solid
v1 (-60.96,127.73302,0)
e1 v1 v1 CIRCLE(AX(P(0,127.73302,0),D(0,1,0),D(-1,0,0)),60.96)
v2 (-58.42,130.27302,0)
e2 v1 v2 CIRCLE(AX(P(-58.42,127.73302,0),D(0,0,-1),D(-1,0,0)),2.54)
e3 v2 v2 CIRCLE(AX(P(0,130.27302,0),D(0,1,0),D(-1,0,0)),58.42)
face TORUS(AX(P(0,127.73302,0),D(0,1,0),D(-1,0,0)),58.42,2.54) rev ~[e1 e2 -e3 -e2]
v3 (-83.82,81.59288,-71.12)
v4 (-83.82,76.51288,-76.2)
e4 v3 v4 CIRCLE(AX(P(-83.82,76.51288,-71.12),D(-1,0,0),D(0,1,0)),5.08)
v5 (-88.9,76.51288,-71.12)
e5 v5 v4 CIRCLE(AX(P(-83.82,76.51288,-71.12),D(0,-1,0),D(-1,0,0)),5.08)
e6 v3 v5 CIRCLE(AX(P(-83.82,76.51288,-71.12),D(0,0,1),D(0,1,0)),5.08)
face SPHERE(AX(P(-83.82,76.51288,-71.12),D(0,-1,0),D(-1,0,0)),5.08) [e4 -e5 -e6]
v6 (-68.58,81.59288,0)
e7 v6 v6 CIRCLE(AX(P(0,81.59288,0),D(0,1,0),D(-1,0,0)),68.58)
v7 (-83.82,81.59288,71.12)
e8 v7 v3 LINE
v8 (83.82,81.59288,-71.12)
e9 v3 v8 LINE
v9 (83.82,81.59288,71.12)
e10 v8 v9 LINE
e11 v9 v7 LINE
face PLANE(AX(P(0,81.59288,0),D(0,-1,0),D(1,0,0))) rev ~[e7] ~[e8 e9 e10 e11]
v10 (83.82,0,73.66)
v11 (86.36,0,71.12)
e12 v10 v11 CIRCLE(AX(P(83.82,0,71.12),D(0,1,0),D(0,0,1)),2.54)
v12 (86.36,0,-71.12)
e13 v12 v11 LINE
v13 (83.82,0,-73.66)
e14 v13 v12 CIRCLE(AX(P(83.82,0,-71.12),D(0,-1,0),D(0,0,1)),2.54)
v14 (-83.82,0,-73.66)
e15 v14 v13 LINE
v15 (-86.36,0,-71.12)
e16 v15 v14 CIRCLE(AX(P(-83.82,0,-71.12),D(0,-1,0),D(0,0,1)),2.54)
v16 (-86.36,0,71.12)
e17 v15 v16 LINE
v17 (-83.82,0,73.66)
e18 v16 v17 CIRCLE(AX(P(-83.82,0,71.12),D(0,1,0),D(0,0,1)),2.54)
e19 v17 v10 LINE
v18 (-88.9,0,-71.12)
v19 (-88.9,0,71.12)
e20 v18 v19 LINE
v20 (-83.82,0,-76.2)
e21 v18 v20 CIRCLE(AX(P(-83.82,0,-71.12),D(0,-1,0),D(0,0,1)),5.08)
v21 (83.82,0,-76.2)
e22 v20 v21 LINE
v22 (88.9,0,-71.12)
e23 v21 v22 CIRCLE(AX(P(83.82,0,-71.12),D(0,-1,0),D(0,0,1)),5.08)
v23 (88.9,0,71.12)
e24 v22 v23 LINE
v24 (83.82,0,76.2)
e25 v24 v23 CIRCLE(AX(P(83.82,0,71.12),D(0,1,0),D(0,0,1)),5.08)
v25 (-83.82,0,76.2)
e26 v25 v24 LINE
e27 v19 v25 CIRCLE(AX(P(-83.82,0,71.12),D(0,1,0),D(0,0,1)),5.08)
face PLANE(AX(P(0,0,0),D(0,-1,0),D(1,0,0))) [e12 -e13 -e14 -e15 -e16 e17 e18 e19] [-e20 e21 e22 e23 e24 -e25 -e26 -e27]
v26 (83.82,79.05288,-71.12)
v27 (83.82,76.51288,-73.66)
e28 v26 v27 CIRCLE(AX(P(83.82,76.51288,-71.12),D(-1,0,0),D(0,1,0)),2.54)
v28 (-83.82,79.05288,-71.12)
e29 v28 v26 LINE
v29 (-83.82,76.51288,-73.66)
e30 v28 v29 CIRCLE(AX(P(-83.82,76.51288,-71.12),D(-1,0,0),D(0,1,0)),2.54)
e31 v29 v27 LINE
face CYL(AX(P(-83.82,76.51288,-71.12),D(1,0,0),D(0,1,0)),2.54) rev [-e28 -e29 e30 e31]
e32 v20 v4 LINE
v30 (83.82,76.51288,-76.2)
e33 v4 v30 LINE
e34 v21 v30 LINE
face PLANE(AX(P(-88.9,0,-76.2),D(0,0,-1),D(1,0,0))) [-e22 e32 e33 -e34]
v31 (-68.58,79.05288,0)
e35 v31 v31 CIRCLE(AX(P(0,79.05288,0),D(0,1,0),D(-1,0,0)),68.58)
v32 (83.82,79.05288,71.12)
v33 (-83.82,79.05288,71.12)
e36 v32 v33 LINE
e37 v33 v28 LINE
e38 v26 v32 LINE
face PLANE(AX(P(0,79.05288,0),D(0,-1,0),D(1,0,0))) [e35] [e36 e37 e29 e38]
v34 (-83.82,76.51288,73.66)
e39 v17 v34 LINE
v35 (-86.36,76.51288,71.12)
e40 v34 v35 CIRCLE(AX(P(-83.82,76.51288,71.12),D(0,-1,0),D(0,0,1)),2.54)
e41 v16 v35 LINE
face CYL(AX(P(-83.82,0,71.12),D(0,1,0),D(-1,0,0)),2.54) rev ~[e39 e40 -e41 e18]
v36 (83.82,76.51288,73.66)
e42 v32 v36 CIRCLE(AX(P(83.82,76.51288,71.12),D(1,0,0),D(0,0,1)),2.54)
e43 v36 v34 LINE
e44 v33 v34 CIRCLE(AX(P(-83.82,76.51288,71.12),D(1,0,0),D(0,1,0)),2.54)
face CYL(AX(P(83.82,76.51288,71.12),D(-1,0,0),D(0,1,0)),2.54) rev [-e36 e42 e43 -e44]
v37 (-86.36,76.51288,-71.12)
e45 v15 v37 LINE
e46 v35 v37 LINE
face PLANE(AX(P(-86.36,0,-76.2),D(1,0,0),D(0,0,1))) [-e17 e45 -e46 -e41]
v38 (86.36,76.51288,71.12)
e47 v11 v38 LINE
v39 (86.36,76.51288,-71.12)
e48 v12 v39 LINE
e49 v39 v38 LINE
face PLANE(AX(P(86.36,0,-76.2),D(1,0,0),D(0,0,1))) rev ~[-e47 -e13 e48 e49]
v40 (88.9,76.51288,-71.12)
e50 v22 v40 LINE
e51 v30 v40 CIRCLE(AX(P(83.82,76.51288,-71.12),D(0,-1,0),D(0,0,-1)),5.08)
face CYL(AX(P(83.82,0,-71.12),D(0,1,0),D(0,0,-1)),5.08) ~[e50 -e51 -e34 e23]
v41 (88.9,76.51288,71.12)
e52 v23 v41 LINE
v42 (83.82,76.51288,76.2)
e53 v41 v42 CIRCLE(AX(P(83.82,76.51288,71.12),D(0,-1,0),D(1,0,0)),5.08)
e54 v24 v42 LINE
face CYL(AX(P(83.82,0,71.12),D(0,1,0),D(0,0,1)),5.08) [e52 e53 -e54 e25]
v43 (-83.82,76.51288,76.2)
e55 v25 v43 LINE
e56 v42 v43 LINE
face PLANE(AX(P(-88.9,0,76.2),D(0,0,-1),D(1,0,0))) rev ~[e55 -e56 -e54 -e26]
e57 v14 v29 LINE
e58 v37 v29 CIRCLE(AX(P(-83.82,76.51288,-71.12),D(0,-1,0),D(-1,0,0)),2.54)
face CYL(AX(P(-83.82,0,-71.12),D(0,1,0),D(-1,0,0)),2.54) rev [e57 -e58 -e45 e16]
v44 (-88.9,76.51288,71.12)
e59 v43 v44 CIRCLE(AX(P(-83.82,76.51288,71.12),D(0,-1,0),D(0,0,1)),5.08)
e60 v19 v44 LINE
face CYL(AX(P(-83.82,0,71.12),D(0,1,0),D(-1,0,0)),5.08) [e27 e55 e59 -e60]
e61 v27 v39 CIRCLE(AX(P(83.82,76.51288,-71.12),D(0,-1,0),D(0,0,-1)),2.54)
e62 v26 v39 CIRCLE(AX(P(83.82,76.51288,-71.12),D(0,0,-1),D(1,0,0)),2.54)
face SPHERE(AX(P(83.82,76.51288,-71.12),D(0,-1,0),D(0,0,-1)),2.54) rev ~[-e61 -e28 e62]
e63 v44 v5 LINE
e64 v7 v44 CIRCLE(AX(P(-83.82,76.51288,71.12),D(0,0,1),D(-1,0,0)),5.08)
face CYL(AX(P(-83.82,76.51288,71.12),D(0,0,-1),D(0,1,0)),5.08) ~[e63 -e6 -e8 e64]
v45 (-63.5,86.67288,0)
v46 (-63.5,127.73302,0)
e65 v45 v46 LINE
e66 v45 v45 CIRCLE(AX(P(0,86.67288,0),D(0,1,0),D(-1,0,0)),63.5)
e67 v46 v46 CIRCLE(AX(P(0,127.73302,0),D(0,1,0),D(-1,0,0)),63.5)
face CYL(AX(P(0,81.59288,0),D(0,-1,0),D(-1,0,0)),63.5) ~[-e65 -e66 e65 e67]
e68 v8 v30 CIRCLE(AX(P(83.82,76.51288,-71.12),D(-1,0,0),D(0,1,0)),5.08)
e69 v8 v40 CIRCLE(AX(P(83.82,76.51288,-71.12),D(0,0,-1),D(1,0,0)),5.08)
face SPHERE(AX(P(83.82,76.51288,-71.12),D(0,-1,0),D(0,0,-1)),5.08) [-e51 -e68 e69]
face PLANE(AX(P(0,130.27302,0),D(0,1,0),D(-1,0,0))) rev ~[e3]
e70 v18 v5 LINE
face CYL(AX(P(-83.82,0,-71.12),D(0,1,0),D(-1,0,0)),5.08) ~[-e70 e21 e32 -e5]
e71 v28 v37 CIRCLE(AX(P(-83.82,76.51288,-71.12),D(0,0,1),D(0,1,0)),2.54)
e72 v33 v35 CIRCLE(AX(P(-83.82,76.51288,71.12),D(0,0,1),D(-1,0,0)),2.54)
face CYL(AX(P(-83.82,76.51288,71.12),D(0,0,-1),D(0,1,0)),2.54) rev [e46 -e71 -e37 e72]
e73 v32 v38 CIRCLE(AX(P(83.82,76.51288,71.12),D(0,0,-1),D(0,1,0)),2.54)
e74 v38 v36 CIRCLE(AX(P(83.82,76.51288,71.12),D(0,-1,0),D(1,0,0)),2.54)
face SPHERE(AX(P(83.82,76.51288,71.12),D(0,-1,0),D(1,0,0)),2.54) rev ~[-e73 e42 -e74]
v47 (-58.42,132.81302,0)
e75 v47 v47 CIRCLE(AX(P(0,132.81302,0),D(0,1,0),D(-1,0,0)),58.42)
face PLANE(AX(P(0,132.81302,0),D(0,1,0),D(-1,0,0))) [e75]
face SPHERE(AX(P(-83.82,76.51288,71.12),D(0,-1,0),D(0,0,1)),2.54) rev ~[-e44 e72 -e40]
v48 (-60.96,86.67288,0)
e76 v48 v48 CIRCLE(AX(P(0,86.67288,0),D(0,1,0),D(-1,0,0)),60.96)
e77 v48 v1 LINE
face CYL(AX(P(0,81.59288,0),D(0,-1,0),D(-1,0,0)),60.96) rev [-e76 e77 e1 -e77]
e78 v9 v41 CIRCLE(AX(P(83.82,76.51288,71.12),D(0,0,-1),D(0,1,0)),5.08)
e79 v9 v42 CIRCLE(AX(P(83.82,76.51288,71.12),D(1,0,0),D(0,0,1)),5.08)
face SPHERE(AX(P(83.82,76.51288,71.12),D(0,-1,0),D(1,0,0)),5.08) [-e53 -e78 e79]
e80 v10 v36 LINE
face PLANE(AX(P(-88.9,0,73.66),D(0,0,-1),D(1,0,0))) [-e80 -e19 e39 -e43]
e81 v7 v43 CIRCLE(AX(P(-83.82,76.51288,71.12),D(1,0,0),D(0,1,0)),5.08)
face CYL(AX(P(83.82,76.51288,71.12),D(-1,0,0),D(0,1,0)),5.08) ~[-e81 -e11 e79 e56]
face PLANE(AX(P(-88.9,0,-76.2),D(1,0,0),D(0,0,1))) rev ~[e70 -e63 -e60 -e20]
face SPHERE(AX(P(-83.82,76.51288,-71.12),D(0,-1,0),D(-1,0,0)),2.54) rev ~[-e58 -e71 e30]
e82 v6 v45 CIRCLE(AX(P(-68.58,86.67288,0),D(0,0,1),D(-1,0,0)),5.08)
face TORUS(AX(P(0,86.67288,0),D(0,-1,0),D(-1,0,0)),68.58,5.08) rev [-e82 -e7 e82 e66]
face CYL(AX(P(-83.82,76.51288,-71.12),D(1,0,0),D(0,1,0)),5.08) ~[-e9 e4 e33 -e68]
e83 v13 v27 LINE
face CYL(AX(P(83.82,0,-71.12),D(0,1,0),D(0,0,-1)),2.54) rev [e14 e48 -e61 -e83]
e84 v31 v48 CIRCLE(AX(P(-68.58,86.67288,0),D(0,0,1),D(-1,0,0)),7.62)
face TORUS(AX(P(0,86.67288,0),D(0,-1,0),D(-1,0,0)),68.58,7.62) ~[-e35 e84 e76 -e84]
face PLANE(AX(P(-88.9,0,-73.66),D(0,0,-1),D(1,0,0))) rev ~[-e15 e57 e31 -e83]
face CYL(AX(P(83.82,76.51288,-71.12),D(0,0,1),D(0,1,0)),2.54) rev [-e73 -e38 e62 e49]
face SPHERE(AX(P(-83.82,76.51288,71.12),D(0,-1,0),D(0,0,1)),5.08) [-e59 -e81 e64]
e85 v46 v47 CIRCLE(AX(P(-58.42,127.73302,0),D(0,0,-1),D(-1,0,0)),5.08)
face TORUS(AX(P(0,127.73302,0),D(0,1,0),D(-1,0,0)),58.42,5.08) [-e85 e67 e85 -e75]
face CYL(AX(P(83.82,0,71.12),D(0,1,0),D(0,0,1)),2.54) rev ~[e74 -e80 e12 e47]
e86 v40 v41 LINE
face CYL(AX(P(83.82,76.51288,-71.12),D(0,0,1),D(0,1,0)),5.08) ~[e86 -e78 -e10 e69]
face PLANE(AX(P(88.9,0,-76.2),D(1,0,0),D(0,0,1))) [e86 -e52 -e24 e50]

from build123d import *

# Parameters (mm, degrees)
F0_W     = 177.8
F0_H     = 152.4
F1_DEPTH = 81.59288
F2_R     = 63.5
F3_DEPTH = 51.22014
F4_R     = 5.08
F5_R     = 5.08
F6_T     = -2.54


with BuildPart() as f1:
    # F0 (on Front) → F1 (new body)
    with BuildSketch(Plane.XZ):
        Rectangle(F0_W, F0_H)
    extrude(amount=-F1_DEPTH)

    # F2 (on face) → F3 (join)
    with BuildSketch(Plane(origin=(0, 81.59288, 0), x_dir=(-1, 0, 0), z_dir=(0, 1, 0))):
        Circle(F2_R)
    extrude(amount=F3_DEPTH)

    # F4
    f4_edges = [f1.edges().sort_by_distance(p)[0] for p in [
        (63.5, 81.59288, 0),
        (63.5, 132.81302, 0),
        (-88.9, 40.79644, 76.2),
        (88.9, 40.79644, 76.2),
        (-88.9, 40.79644, -76.2),
        (88.9, 40.79644, -76.2),
    ]]
    fillet(f4_edges, radius=F4_R)

    # F5
    f5_edges = [f1.edges().sort_by_distance(p)[0] for p in [
        (0, 81.59288, -76.2),
    ]]
    fillet(f5_edges, radius=F5_R)

    # F6
    f6_openings = [f1.faces().sort_by_distance(p)[0] for p in [
        (0, 0, 0),
    ]]
    offset(amount=F6_T, openings=f6_openings)


solid = f1.part
